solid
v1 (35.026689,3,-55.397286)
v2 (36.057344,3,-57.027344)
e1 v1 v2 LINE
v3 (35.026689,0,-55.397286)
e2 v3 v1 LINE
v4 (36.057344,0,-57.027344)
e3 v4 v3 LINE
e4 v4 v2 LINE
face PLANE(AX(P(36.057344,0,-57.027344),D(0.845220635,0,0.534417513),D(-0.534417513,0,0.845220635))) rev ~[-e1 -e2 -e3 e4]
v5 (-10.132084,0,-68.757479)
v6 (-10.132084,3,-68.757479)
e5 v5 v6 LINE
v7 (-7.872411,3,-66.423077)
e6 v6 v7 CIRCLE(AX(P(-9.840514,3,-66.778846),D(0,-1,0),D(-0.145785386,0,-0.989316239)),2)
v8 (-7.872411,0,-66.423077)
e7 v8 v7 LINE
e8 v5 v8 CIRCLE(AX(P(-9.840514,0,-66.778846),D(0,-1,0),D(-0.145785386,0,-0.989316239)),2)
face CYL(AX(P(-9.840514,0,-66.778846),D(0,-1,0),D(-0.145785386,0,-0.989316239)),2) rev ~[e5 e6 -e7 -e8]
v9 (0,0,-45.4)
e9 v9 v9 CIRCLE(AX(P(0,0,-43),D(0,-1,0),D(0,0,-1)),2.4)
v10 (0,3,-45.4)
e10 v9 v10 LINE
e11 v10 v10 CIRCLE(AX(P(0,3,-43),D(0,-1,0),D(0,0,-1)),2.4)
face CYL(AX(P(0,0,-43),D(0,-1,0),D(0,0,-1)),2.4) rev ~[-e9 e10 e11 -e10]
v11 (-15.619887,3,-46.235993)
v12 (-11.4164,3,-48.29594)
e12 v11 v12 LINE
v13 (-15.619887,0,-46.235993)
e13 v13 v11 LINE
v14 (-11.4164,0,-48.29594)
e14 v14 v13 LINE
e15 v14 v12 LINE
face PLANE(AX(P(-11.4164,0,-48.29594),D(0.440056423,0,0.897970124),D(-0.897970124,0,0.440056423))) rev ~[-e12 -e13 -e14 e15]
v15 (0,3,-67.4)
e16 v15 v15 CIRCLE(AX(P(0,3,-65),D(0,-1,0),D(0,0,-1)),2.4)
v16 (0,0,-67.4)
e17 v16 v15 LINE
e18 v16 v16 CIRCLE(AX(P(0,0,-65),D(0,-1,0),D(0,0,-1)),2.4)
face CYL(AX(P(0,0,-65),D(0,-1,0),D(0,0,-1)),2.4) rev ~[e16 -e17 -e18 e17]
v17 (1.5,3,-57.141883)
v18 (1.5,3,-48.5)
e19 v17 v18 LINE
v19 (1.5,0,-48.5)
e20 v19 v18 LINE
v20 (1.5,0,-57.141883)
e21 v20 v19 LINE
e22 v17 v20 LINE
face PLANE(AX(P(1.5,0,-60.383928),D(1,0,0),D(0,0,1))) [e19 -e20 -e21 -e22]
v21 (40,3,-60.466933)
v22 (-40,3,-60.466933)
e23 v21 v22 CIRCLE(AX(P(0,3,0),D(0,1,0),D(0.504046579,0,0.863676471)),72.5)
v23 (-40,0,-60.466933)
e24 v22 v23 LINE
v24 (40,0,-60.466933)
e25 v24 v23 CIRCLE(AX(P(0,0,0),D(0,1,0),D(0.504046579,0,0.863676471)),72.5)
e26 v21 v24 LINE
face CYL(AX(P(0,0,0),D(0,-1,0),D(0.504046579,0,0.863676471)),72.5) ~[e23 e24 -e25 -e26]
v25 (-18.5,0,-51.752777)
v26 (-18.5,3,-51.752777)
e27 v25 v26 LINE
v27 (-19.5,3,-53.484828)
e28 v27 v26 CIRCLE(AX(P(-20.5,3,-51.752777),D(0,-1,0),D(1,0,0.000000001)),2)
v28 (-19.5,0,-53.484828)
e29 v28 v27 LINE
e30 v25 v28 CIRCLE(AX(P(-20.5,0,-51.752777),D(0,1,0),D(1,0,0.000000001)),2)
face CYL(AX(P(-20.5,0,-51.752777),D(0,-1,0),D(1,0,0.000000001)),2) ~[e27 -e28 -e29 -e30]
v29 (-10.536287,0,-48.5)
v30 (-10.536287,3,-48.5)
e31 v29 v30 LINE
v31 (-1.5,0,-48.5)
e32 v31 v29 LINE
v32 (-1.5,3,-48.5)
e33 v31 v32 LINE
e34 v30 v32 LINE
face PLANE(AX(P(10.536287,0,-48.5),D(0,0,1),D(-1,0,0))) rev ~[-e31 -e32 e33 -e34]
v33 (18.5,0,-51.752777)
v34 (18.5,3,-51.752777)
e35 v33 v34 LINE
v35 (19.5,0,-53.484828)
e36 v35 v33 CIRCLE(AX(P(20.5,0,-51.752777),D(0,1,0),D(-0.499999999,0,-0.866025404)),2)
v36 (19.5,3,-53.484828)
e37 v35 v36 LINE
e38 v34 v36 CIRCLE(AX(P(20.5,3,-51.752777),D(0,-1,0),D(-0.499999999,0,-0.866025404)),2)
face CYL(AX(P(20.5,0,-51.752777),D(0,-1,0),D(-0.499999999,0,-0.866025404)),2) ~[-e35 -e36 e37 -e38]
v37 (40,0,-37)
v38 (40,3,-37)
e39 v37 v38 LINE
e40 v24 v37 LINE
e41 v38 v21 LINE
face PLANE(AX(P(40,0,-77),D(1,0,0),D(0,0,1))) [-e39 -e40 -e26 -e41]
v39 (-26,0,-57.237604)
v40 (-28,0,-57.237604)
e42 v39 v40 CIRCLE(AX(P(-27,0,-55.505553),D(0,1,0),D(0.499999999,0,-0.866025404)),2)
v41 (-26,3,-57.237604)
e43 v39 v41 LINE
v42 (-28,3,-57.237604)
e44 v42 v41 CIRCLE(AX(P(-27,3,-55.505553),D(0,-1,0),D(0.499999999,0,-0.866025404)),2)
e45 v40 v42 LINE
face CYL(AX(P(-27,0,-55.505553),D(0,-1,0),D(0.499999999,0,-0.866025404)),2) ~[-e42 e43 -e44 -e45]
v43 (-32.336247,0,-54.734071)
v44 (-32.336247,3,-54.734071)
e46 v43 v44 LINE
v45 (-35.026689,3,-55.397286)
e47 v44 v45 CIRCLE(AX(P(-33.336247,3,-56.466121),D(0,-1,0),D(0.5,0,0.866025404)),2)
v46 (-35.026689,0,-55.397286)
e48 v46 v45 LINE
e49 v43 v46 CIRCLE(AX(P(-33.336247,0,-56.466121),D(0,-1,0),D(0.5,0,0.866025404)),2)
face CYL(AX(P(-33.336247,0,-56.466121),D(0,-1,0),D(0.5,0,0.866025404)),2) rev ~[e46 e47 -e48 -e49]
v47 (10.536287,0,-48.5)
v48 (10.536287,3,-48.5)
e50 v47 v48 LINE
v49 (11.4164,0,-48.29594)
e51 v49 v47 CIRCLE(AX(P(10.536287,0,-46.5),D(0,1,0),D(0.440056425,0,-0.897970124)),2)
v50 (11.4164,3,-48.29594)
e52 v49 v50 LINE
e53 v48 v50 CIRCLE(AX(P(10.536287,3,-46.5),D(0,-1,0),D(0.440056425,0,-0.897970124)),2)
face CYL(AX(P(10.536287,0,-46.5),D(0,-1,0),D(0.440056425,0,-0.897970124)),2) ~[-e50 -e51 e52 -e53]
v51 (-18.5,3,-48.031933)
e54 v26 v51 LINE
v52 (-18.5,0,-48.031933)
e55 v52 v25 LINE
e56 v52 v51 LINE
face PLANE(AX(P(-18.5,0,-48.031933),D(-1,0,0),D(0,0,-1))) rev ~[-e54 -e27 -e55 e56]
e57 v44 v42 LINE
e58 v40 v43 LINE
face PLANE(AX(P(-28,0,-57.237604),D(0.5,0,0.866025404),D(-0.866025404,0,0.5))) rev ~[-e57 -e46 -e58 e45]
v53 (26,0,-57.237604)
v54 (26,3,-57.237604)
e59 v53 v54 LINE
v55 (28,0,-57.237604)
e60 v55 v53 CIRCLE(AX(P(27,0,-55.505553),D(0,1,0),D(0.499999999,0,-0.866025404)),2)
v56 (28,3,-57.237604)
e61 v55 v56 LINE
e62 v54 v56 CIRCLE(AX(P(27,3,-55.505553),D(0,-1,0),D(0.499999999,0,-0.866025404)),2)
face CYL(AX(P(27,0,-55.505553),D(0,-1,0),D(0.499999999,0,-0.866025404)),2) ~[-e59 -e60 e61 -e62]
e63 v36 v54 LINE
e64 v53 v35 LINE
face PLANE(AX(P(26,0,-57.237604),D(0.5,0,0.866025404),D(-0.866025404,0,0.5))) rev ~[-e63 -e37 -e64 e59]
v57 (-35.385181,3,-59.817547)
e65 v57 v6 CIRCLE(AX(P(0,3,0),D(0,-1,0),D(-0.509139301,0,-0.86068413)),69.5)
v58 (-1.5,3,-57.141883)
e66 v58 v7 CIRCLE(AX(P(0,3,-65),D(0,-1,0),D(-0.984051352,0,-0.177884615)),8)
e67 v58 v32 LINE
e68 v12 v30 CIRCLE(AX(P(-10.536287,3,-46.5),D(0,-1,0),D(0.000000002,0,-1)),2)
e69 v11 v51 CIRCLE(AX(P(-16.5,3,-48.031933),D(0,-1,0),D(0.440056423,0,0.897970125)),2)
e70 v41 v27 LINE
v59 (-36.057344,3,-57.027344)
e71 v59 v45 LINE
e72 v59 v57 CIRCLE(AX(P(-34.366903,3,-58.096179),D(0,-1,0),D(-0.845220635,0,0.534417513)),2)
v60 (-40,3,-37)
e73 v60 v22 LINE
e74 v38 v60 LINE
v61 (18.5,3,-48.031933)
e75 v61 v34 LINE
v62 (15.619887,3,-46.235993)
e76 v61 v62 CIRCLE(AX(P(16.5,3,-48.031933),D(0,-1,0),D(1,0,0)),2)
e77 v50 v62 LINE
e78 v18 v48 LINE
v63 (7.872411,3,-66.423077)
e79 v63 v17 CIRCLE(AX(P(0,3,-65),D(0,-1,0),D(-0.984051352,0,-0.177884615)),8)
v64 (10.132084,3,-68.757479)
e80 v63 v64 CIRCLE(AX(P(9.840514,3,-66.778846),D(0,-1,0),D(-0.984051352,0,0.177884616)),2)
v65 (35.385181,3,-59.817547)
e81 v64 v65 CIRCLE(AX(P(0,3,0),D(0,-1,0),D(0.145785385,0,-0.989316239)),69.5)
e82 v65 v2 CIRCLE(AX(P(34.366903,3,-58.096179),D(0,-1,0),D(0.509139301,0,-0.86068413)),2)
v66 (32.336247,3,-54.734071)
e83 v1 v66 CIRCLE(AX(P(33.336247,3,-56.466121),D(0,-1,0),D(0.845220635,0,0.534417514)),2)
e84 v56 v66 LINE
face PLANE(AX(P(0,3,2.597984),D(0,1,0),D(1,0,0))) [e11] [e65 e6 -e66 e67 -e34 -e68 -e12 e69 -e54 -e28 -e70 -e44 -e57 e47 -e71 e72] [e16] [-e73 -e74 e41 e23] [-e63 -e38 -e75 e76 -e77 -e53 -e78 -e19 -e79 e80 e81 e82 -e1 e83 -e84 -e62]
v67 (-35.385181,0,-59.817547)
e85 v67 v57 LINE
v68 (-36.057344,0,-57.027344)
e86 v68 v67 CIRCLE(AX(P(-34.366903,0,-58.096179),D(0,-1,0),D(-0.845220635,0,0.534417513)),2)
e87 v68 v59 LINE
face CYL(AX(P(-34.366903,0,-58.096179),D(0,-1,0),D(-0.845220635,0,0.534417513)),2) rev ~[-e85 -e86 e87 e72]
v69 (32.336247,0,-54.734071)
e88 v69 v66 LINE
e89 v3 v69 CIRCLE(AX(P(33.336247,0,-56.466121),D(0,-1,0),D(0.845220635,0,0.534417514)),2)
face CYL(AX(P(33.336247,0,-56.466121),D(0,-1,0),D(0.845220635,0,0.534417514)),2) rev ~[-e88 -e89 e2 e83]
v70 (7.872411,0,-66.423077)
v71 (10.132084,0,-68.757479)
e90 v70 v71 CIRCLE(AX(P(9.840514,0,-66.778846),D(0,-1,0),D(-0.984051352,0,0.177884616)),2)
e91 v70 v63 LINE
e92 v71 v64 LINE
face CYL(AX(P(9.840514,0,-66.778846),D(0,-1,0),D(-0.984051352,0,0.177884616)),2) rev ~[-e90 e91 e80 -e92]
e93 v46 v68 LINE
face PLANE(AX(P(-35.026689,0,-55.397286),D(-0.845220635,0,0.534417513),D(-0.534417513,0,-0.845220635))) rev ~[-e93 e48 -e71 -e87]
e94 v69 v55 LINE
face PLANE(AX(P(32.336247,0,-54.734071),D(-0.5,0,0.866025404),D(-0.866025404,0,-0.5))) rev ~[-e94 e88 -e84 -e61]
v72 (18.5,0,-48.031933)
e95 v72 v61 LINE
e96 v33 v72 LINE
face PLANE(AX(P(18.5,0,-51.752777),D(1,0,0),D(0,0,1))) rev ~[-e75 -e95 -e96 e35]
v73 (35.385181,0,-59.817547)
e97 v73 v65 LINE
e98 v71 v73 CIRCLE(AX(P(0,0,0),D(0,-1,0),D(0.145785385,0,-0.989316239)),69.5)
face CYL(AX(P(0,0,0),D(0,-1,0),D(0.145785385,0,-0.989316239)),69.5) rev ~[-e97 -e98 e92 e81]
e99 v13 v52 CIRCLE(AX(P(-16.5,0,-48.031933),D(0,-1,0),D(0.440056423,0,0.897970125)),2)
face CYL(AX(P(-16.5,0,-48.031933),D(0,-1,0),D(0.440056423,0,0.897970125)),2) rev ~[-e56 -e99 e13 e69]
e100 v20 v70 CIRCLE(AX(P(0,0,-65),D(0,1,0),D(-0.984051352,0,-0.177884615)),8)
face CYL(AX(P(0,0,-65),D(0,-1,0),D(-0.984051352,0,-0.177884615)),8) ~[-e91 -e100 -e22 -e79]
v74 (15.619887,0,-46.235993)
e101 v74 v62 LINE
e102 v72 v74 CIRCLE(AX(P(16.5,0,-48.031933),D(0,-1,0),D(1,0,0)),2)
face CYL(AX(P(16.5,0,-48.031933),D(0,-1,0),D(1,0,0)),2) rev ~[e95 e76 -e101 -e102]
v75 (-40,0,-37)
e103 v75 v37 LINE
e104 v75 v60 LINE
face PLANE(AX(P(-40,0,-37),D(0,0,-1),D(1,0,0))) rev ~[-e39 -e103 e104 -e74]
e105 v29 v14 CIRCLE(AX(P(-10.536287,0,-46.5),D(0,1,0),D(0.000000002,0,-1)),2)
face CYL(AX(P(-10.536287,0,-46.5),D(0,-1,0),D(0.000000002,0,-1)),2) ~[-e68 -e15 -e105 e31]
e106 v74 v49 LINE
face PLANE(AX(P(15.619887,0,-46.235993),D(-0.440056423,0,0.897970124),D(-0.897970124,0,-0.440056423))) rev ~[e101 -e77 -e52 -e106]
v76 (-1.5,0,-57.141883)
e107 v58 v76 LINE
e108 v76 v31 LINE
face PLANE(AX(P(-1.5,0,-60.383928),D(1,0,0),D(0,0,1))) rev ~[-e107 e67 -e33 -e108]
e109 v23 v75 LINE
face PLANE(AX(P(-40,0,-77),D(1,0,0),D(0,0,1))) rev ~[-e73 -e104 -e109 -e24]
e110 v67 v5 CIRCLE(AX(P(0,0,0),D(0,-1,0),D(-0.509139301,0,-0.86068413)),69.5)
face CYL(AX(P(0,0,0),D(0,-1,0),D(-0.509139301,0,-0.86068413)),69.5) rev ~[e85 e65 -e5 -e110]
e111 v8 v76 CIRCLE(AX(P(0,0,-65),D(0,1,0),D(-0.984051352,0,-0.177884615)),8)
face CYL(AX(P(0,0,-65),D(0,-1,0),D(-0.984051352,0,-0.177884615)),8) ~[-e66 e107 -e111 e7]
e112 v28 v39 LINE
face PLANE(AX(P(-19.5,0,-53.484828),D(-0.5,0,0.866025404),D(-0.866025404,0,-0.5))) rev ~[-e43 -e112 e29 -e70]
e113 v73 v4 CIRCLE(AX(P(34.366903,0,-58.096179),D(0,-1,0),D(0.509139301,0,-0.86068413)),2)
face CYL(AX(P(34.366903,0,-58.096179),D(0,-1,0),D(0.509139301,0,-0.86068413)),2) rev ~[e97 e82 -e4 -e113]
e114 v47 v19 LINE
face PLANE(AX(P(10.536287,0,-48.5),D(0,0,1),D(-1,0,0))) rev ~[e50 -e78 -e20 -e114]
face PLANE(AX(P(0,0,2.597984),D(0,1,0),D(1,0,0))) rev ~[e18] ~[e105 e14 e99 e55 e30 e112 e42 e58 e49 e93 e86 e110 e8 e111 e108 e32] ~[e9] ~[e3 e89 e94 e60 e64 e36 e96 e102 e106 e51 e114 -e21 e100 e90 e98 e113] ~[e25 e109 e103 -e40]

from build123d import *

# Parameters (mm, degrees)
BOSS_EXTRUDE1_DEPTH  = 3
CUT_EXTRUDE12_DEPTH  = 103.574363269
SKETCH11_OUTSIDE_W   = 186.736
SKETCH11_OUTSIDE_H   = 177.534
SKETCH11_OUTSIDE_W_2 = 80
SKETCH11_OUTSIDE_H_2 = 40
CUT_EXTRUDE13_DEPTH  = 103.574363269
SKETCH12_R           = 2.4
CUT_EXTRUDE15_DEPTH  = 83.856804186
SKETCH13_W           = 3
SKETCH13_H           = 13.331578006
BOSS_EXTRUDE2_DEPTH  = 3


with BuildPart() as part:
    # Sketch1 → Boss-Extrude1 (new body)
    with BuildSketch(Plane(origin=(0, 0, 0), x_dir=(1, 0, 0), z_dir=(0, 1, 0))):
        with BuildLine():
            ThreePointArc((36.543377003, -62.616544118), (0, 72.5), (-36.543377003, -62.616544118))
            ThreePointArc((-36.543377003, -62.616544118), (-33.085954668, -63.20954405), (-30.089832649, -61.38507948))
            ThreePointArc((-30.089832649, -61.38507948), (0, -46.75), (30.089832649, -61.38507948))
            ThreePointArc((30.089832649, -61.38507948), (33.085954668, -63.20954405), (36.543377003, -62.616544118))
        make_face()
    extrude(amount=BOSS_EXTRUDE1_DEPTH)

    # Sketch10 → Cut-Extrude12 (cut, through all)
    with BuildSketch(Plane.XZ):
        with BuildLine():
            Line((-18.5, -48.031932838), (-18.5, -51.75277675))
            ThreePointArc((-18.5, -51.75277675), (-18.767949192, -52.75277675), (-19.5, -53.484827557))
            Line((-19.5, -53.484827557), (-26, -57.237604307))
            ThreePointArc((-26, -57.237604307), (-27, -57.505553499), (-28, -57.237604307))
            Line((-28, -57.237604307), (-32.336247441, -54.73407068))
            ThreePointArc((-32.336247441, -54.73407068), (-33.814934269, -54.524251533), (-35.026688711, -55.397286461))
            Line((-35.026688711, -55.397286461), (-36.057344072, -57.027343779))
            ThreePointArc((-36.057344072, -57.027343779), (-36.311279162, -58.56458095), (-35.385181403, -59.817547066))
            ThreePointArc((-35.385181403, -59.817547066), (-23.193446557, -65.515754112), (-10.132084292, -68.757478632))
            ThreePointArc((-10.132084292, -68.757478632), (-8.40348615, -68.169871795), (-7.872410817, -66.423076923))
            ThreePointArc((-7.872410817, -66.423076923), (0, -57), (7.872410817, -66.423076923))
            ThreePointArc((7.872410817, -66.423076923), (8.40348615, -68.169871795), (10.132084292, -68.757478632))
            ThreePointArc((10.132084292, -68.757478632), (23.193446557, -65.515754112), (35.385181403, -59.817547066))
            ThreePointArc((35.385181403, -59.817547066), (36.311279162, -58.56458095), (36.057344072, -57.027343779))
            Line((36.057344072, -57.027343779), (35.026688711, -55.397286461))
            ThreePointArc((35.026688711, -55.397286461), (33.814934269, -54.524251533), (32.336247441, -54.73407068))
            Line((32.336247441, -54.73407068), (28, -57.237604307))
            ThreePointArc((28, -57.237604307), (27, -57.505553499), (26, -57.237604307))
            Line((26, -57.237604307), (19.5, -53.484827557))
            ThreePointArc((19.5, -53.484827557), (18.767949192, -52.75277675), (18.5, -51.75277675))
            Line((18.5, -51.75277675), (18.5, -48.031932838))
            ThreePointArc((18.5, -48.031932838), (17.558247208, -46.334843316), (15.619887154, -46.235992589))
            Line((15.619887154, -46.235992589), (11.416400149, -48.295940249))
            ThreePointArc((11.416400149, -48.295940249), (10.988017035, -48.448317287), (10.536287302, -48.5))
            Line((10.536287302, -48.5), (-10.536287302, -48.5))
            ThreePointArc((-10.536287302, -48.5), (-10.988017035, -48.448317287), (-11.416400149, -48.295940249))
            Line((-11.416400149, -48.295940249), (-15.619887154, -46.235992589))
            ThreePointArc((-15.619887154, -46.235992589), (-17.558247208, -46.334843316), (-18.5, -48.031932838))
        make_face()
    extrude(amount=-CUT_EXTRUDE12_DEPTH, mode=Mode.SUBTRACT)

    # Sketch11 outside → Cut-Extrude13 (cut, through all)
    with BuildSketch(Plane.XZ):
        with Locations((0, -4.601)):
            Rectangle(SKETCH11_OUTSIDE_W, SKETCH11_OUTSIDE_H)
        with Locations((0, -57)):
            Rectangle(SKETCH11_OUTSIDE_W_2, SKETCH11_OUTSIDE_H_2, mode=Mode.SUBTRACT)
    extrude(amount=-CUT_EXTRUDE13_DEPTH, mode=Mode.SUBTRACT)

    # Sketch12 → Cut-Extrude15 (cut, through all)
    with BuildSketch(Plane.XZ):
        with Locations(Location((0, -65, 0), (0, 0, 270))):
            Circle(SKETCH12_R)
        with Locations(Location((0, -43, 0), (0, 0, 270))):
            Circle(SKETCH12_R)
    extrude(amount=-CUT_EXTRUDE15_DEPTH, mode=Mode.SUBTRACT)

    # Sketch13 → Boss-Extrude2 (add)
    with BuildSketch(Plane.XZ):
        with Locations((0, -53.718139369)):
            Rectangle(SKETCH13_W, SKETCH13_H)
    extrude(amount=-BOSS_EXTRUDE2_DEPTH)


solid = part.part
